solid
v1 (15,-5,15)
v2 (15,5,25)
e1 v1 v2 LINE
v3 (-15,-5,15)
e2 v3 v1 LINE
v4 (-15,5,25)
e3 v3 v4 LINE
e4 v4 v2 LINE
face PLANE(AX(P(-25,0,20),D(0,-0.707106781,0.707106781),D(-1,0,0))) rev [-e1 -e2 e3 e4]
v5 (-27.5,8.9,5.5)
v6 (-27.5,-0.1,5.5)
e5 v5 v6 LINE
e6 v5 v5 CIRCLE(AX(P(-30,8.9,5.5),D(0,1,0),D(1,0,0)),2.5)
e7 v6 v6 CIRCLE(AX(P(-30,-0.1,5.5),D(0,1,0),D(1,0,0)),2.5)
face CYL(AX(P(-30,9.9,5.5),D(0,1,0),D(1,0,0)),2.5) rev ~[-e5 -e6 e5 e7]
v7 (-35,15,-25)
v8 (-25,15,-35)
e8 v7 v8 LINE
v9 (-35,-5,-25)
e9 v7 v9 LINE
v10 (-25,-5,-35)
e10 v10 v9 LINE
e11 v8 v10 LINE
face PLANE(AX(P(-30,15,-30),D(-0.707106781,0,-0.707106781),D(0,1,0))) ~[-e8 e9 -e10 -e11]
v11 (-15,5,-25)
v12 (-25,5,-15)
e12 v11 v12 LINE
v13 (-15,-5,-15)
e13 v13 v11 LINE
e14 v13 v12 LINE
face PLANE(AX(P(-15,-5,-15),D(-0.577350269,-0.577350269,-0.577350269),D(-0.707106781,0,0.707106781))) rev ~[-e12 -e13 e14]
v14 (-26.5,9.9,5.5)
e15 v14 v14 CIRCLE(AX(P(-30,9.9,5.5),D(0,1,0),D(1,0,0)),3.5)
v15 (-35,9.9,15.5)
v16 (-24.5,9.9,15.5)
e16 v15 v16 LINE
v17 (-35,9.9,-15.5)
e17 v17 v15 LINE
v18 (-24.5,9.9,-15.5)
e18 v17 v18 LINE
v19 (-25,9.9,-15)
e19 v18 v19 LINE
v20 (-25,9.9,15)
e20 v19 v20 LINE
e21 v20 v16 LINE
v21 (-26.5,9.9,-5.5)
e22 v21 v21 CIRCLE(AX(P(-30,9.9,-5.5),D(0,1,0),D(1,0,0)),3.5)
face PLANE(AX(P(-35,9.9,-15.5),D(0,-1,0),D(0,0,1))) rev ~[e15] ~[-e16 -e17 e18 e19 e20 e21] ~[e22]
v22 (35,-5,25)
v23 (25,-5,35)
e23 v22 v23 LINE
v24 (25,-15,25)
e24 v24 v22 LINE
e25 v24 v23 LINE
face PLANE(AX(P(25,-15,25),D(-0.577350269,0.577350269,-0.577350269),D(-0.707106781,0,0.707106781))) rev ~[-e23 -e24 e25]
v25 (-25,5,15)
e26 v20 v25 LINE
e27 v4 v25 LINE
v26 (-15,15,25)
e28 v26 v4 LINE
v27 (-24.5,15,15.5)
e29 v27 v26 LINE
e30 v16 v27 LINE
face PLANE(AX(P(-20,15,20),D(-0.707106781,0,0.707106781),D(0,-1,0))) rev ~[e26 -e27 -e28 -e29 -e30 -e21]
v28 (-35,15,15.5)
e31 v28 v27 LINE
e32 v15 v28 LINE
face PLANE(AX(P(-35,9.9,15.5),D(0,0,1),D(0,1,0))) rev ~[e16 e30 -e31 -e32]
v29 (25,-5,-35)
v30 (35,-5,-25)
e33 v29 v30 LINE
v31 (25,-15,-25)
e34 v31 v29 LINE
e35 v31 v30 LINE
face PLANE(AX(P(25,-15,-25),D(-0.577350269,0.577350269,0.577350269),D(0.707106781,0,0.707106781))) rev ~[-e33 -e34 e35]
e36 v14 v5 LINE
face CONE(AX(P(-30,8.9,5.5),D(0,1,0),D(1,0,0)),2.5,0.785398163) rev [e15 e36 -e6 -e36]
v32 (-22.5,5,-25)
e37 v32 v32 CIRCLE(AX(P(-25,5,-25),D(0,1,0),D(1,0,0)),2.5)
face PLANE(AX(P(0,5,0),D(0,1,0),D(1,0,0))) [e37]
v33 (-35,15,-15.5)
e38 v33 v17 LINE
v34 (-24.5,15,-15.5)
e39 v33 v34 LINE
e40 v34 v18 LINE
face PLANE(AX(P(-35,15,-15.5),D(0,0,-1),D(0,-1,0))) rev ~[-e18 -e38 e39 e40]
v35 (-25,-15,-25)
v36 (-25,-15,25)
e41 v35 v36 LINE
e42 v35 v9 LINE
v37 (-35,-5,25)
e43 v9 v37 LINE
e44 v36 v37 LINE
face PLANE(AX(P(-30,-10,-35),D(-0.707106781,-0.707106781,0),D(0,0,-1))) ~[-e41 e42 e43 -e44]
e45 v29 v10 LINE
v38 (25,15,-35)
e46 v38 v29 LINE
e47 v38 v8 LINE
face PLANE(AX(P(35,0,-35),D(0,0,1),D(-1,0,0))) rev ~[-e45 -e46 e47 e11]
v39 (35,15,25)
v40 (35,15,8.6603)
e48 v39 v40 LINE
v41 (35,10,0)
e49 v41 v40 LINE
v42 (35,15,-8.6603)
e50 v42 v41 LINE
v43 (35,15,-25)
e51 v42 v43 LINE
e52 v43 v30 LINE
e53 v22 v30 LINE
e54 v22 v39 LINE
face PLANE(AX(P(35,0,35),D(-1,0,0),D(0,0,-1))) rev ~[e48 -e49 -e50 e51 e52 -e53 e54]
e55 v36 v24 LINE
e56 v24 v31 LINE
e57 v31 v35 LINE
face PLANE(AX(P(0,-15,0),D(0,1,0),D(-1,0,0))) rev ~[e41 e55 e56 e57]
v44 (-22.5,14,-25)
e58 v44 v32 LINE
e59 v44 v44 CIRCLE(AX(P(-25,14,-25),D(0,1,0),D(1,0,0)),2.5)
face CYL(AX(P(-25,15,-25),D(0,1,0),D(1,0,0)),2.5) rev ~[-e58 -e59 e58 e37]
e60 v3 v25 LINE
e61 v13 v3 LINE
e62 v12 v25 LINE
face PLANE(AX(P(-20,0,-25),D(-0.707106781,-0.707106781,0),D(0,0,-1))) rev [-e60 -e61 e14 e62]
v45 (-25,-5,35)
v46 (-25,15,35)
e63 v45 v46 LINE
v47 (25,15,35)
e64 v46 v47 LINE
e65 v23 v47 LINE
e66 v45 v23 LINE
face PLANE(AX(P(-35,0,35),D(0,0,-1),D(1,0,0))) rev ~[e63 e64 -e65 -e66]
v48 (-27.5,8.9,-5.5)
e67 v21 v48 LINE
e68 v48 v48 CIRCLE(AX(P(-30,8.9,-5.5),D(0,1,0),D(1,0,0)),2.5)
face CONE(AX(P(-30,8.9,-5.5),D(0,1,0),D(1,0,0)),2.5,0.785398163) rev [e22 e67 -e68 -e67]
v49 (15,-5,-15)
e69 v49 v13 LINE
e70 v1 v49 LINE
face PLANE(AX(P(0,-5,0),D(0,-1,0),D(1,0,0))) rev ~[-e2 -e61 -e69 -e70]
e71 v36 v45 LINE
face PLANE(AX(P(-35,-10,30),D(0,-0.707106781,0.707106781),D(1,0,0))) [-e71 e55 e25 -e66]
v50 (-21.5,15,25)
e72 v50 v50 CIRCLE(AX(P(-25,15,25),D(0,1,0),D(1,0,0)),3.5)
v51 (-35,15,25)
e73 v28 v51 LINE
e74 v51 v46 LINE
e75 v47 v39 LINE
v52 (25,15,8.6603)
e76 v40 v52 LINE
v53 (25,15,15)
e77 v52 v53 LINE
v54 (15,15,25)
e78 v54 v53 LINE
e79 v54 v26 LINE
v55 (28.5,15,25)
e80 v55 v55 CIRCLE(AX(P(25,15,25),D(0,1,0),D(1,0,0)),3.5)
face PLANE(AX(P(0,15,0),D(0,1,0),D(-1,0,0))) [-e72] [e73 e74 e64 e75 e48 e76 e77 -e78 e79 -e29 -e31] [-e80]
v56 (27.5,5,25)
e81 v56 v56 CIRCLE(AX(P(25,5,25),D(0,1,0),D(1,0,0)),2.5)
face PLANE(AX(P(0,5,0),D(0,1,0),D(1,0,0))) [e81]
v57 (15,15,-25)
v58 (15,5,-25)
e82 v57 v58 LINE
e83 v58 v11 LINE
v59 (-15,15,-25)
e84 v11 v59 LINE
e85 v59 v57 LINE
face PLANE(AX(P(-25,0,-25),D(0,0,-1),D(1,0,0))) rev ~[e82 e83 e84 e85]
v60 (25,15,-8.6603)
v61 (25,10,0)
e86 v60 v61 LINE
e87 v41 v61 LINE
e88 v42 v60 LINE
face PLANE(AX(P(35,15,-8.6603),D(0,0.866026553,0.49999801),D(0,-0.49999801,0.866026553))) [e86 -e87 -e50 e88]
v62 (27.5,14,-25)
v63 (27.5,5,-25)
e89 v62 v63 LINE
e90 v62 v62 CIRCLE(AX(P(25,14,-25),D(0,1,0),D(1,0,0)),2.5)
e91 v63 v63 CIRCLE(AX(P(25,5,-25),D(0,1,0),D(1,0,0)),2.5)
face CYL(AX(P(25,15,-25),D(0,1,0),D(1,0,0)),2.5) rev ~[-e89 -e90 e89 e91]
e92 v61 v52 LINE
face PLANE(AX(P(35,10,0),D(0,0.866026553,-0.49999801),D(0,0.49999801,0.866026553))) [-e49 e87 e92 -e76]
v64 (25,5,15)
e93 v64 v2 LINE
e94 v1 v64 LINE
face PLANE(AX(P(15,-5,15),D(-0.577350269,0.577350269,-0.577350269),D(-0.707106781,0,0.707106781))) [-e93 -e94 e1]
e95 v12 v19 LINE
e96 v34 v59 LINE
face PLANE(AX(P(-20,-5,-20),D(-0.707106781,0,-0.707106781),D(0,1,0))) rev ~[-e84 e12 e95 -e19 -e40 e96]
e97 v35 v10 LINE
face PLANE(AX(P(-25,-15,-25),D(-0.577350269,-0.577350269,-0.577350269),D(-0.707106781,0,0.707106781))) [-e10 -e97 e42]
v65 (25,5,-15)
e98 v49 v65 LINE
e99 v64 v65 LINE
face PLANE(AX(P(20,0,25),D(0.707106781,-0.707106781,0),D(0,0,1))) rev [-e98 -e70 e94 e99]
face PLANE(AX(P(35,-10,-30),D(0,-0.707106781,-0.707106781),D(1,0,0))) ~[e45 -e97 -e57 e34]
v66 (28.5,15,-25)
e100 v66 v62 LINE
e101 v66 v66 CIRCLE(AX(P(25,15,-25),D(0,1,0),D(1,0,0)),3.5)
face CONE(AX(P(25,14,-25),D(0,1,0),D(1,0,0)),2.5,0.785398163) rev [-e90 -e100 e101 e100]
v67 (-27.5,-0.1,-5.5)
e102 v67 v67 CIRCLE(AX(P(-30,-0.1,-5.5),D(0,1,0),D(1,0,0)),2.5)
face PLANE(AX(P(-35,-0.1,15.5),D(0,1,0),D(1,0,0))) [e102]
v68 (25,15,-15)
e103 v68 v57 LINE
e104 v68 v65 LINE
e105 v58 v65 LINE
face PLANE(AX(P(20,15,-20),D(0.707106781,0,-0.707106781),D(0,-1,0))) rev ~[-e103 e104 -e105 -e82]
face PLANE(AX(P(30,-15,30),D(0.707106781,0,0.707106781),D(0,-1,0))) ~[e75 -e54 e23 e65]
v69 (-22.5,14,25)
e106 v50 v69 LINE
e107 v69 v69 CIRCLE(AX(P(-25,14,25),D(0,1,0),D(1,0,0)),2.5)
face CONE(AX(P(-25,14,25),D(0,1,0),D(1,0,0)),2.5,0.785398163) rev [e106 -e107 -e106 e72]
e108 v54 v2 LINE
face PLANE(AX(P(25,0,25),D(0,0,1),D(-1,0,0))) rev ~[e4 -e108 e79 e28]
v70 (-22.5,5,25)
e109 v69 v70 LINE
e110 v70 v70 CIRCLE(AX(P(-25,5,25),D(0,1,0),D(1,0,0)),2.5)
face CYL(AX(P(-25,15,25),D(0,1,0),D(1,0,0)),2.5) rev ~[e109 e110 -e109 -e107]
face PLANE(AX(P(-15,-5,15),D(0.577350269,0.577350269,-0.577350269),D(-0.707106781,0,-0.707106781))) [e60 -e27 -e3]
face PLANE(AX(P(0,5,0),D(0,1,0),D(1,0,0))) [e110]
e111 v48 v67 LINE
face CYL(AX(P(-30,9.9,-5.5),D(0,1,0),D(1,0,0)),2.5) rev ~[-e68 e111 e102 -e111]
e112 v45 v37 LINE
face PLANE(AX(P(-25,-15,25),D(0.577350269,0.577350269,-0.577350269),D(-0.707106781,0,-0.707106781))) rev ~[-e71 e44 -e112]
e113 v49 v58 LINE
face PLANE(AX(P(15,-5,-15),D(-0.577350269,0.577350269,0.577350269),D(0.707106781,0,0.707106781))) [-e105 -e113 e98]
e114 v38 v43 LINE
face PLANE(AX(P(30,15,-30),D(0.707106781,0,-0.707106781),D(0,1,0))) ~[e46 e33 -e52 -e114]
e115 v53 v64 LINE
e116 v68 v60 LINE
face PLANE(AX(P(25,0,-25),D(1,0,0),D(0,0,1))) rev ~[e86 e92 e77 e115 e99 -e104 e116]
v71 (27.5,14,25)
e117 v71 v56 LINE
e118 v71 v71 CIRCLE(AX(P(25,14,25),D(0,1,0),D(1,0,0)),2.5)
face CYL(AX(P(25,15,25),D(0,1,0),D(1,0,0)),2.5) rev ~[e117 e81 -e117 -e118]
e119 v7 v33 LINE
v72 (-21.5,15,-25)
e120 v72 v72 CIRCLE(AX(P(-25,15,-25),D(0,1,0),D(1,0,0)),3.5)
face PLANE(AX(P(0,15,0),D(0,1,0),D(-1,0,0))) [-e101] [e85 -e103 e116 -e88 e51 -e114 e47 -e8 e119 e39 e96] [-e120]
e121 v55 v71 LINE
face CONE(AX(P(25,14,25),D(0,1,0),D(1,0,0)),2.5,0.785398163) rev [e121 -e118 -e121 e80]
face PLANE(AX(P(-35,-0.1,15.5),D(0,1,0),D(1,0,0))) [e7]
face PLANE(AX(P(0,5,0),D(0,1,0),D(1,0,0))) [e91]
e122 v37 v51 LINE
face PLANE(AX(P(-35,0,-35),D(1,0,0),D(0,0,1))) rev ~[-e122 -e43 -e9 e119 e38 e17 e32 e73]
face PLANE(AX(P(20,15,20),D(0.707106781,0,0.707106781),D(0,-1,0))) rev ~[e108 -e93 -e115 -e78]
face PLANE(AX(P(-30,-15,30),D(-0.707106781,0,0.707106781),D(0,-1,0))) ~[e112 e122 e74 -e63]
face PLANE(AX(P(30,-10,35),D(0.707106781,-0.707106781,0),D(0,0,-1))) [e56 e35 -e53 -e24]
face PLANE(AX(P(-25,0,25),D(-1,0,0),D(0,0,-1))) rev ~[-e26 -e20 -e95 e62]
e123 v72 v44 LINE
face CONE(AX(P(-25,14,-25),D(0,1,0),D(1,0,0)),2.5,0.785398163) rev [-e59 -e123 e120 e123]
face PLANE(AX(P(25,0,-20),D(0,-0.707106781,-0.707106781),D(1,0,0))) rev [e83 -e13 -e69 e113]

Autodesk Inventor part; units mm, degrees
ref_plane "YZ Plane" through (0, 0, 0) normal (1, 0, 0) x (0, 1, 0)
ref_plane "XZ Plane" through (0, 0, 0) normal (0, 1, 0) x (-1, 0, 0)
ref_plane "XY Plane" through (0, 0, 0) normal (0, 0, 1) x (1, 0, 0)
sketch "Sketch2" plane through (0, 0, 0) normal (0, 1, 0) x (-1, 0, 0)
  line L0 (25, -25) -> (-25, -25)
  line L1 (-25, -25) -> (-25, 25)
  line L2 (-25, 25) -> (25, 25)
  line L3 (25, 25) -> (25, -25)
  line L4 (25, -25) -> (-25, 25) construction
  line L5 (-25, -25) -> (25, 25) construction
  line L6 (35, 35) -> (-35, 35)
  line L7 (-35, 35) -> (-35, -35)
  line L8 (-35, -35) -> (35, -35)
  line L9 (35, -35) -> (35, 35)
  point P0 (0, 0)
  dimension "d0" = 50
  dimension "d1" = 10
  dimension "d19" = 50
extrude "Extrusion1" add sketch "Sketch2" along normal mid plane 30
sketch "Sketch3" plane through (0, -15, 0) normal (0, -1, 0) x (1, 0, 0)
  line L0 (35, -35) -> (35, 35) projected
  line L1 (35, 35) -> (-35, 35) projected
  line L2 (-35, 35) -> (-35, -35) projected
  line L3 (-35, -35) -> (35, -35) projected
  point P0 (0, 0)
extrude "Extrusion2" add sketch "Sketch3" against normal blind 10
chamfer "Chamfer1" distance 10 angle 45 16 edges at (35, 0, 35) (25, 5, 25) (-25, 5, 25) (-35, 0, 35) (-25, 5, -25) (25, 5, -25) (-35, 0, -35) (35, 0, -35) (0, -5, -25) (25, -5, 0) (0, -5, 25) (-25, -5, 0) (0, -15, -35) (35, -15, 0) (0, -15, 35) (-35, -15, 0)
sketch "Sketch4" plane through (35, -5, -25) normal (1, 0, 0) x (0, 0, -1)
  line L0 (0, 20) -> (0, 0) construction
  line L1 (-50, 20) -> (0, 20) construction
  line L2 (-16.3397, 30) -> (-16.3397, 20)
  line L3 (-16.3397, 20) -> (-25, 15)
  line L4 (-25, 15) -> (-33.6603, 20)
  line L5 (-33.6603, 20) -> (-33.6603, 30)
  line L6 (-33.6603, 30) -> (-25, 35)
  line L7 (-25, 35) -> (-16.3397, 30)
  point P0 (-25, 5)
  point P1 (-25, 25)
  dimension "d9" = 10
  dimension "d10" = 5
  dimension "d20" = 0
extrude "Extrusion3" cut sketch "Sketch4" against normal blind 10
sketch "Sketch5" plane through (0, 15, 0) normal (0, 1, 0) x (1, 0, 0)
  line L0 (-25, 25) -> (-25, 35) construction
  circle A0 centre (-25, 25) radius 2.5
  line L1 (25, 25) -> (35, 25) construction
  circle A1 centre (25, 25) radius 2.5
  line L2 (-25, -25) -> (-35, -25) construction
  circle A2 centre (-25, -25) radius 2.5
  line L3 (-25, -25) -> (25, -25) construction
  circle A3 centre (25, -25) radius 2.5
  point P0 (0, 0)
  dimension "d13" = 5
  dimension "d14" = 5
  dimension "d15" = 5
  dimension "d16" = 5
extrude "Extrusion4" cut sketch "Sketch5" against normal blind 10
sketch "Sketch6" plane through (-35, -5, -25) normal (-1, 0, 0) x (0, 0, 1)
  line L0 (0, 20) -> (50, 20) construction
  line L1 (9.5, 14.9) -> (40.5, 14.9)
  line L2 (40.5, 14.9) -> (40.5, 20)
  line L3 (40.5, 20) -> (9.5, 20)
  line L4 (9.5, 20) -> (9.5, 14.9)
  point P0 (25, 5)
  point P1 (25, 20)
  dimension "d21" = 31
  dimension "d22" = 5.1
extrude "Extrusion5" cut sketch "Sketch6" against normal blind 12
sketch "Sketch7" plane through (-35, 9.9, 15.5) normal (0, 1, 0) x (1, 0, 0)
  line L0 (0, 0) -> (10.5, 0) construction
  line L1 (0, 31) -> (10.5, 31) construction
  circle A0 centre (5, 21) radius 2.5
  circle A1 centre (5, 10) radius 2.5
  point P0 (10, 0)
  point P1 (10, 31)
  point P2 (35, 15.5)
  dimension "d25" = 5
  dimension "d26" = 5
  dimension "d27" = 10
  dimension "d28" = 10
extrude "Extrusion6" cut sketch "Sketch7" against normal blind 10
chamfer "Chamfer2" distance 1 angle 45 6 edges at (-32.5, 9.9, 5.5) (-32.5, 9.9, -5.5) (-27.5, 15, -25) (-27.5, 15, 25) (22.5, 15, 25) (22.5, 15, -25)
properties part number "pokemon_ball_white"
